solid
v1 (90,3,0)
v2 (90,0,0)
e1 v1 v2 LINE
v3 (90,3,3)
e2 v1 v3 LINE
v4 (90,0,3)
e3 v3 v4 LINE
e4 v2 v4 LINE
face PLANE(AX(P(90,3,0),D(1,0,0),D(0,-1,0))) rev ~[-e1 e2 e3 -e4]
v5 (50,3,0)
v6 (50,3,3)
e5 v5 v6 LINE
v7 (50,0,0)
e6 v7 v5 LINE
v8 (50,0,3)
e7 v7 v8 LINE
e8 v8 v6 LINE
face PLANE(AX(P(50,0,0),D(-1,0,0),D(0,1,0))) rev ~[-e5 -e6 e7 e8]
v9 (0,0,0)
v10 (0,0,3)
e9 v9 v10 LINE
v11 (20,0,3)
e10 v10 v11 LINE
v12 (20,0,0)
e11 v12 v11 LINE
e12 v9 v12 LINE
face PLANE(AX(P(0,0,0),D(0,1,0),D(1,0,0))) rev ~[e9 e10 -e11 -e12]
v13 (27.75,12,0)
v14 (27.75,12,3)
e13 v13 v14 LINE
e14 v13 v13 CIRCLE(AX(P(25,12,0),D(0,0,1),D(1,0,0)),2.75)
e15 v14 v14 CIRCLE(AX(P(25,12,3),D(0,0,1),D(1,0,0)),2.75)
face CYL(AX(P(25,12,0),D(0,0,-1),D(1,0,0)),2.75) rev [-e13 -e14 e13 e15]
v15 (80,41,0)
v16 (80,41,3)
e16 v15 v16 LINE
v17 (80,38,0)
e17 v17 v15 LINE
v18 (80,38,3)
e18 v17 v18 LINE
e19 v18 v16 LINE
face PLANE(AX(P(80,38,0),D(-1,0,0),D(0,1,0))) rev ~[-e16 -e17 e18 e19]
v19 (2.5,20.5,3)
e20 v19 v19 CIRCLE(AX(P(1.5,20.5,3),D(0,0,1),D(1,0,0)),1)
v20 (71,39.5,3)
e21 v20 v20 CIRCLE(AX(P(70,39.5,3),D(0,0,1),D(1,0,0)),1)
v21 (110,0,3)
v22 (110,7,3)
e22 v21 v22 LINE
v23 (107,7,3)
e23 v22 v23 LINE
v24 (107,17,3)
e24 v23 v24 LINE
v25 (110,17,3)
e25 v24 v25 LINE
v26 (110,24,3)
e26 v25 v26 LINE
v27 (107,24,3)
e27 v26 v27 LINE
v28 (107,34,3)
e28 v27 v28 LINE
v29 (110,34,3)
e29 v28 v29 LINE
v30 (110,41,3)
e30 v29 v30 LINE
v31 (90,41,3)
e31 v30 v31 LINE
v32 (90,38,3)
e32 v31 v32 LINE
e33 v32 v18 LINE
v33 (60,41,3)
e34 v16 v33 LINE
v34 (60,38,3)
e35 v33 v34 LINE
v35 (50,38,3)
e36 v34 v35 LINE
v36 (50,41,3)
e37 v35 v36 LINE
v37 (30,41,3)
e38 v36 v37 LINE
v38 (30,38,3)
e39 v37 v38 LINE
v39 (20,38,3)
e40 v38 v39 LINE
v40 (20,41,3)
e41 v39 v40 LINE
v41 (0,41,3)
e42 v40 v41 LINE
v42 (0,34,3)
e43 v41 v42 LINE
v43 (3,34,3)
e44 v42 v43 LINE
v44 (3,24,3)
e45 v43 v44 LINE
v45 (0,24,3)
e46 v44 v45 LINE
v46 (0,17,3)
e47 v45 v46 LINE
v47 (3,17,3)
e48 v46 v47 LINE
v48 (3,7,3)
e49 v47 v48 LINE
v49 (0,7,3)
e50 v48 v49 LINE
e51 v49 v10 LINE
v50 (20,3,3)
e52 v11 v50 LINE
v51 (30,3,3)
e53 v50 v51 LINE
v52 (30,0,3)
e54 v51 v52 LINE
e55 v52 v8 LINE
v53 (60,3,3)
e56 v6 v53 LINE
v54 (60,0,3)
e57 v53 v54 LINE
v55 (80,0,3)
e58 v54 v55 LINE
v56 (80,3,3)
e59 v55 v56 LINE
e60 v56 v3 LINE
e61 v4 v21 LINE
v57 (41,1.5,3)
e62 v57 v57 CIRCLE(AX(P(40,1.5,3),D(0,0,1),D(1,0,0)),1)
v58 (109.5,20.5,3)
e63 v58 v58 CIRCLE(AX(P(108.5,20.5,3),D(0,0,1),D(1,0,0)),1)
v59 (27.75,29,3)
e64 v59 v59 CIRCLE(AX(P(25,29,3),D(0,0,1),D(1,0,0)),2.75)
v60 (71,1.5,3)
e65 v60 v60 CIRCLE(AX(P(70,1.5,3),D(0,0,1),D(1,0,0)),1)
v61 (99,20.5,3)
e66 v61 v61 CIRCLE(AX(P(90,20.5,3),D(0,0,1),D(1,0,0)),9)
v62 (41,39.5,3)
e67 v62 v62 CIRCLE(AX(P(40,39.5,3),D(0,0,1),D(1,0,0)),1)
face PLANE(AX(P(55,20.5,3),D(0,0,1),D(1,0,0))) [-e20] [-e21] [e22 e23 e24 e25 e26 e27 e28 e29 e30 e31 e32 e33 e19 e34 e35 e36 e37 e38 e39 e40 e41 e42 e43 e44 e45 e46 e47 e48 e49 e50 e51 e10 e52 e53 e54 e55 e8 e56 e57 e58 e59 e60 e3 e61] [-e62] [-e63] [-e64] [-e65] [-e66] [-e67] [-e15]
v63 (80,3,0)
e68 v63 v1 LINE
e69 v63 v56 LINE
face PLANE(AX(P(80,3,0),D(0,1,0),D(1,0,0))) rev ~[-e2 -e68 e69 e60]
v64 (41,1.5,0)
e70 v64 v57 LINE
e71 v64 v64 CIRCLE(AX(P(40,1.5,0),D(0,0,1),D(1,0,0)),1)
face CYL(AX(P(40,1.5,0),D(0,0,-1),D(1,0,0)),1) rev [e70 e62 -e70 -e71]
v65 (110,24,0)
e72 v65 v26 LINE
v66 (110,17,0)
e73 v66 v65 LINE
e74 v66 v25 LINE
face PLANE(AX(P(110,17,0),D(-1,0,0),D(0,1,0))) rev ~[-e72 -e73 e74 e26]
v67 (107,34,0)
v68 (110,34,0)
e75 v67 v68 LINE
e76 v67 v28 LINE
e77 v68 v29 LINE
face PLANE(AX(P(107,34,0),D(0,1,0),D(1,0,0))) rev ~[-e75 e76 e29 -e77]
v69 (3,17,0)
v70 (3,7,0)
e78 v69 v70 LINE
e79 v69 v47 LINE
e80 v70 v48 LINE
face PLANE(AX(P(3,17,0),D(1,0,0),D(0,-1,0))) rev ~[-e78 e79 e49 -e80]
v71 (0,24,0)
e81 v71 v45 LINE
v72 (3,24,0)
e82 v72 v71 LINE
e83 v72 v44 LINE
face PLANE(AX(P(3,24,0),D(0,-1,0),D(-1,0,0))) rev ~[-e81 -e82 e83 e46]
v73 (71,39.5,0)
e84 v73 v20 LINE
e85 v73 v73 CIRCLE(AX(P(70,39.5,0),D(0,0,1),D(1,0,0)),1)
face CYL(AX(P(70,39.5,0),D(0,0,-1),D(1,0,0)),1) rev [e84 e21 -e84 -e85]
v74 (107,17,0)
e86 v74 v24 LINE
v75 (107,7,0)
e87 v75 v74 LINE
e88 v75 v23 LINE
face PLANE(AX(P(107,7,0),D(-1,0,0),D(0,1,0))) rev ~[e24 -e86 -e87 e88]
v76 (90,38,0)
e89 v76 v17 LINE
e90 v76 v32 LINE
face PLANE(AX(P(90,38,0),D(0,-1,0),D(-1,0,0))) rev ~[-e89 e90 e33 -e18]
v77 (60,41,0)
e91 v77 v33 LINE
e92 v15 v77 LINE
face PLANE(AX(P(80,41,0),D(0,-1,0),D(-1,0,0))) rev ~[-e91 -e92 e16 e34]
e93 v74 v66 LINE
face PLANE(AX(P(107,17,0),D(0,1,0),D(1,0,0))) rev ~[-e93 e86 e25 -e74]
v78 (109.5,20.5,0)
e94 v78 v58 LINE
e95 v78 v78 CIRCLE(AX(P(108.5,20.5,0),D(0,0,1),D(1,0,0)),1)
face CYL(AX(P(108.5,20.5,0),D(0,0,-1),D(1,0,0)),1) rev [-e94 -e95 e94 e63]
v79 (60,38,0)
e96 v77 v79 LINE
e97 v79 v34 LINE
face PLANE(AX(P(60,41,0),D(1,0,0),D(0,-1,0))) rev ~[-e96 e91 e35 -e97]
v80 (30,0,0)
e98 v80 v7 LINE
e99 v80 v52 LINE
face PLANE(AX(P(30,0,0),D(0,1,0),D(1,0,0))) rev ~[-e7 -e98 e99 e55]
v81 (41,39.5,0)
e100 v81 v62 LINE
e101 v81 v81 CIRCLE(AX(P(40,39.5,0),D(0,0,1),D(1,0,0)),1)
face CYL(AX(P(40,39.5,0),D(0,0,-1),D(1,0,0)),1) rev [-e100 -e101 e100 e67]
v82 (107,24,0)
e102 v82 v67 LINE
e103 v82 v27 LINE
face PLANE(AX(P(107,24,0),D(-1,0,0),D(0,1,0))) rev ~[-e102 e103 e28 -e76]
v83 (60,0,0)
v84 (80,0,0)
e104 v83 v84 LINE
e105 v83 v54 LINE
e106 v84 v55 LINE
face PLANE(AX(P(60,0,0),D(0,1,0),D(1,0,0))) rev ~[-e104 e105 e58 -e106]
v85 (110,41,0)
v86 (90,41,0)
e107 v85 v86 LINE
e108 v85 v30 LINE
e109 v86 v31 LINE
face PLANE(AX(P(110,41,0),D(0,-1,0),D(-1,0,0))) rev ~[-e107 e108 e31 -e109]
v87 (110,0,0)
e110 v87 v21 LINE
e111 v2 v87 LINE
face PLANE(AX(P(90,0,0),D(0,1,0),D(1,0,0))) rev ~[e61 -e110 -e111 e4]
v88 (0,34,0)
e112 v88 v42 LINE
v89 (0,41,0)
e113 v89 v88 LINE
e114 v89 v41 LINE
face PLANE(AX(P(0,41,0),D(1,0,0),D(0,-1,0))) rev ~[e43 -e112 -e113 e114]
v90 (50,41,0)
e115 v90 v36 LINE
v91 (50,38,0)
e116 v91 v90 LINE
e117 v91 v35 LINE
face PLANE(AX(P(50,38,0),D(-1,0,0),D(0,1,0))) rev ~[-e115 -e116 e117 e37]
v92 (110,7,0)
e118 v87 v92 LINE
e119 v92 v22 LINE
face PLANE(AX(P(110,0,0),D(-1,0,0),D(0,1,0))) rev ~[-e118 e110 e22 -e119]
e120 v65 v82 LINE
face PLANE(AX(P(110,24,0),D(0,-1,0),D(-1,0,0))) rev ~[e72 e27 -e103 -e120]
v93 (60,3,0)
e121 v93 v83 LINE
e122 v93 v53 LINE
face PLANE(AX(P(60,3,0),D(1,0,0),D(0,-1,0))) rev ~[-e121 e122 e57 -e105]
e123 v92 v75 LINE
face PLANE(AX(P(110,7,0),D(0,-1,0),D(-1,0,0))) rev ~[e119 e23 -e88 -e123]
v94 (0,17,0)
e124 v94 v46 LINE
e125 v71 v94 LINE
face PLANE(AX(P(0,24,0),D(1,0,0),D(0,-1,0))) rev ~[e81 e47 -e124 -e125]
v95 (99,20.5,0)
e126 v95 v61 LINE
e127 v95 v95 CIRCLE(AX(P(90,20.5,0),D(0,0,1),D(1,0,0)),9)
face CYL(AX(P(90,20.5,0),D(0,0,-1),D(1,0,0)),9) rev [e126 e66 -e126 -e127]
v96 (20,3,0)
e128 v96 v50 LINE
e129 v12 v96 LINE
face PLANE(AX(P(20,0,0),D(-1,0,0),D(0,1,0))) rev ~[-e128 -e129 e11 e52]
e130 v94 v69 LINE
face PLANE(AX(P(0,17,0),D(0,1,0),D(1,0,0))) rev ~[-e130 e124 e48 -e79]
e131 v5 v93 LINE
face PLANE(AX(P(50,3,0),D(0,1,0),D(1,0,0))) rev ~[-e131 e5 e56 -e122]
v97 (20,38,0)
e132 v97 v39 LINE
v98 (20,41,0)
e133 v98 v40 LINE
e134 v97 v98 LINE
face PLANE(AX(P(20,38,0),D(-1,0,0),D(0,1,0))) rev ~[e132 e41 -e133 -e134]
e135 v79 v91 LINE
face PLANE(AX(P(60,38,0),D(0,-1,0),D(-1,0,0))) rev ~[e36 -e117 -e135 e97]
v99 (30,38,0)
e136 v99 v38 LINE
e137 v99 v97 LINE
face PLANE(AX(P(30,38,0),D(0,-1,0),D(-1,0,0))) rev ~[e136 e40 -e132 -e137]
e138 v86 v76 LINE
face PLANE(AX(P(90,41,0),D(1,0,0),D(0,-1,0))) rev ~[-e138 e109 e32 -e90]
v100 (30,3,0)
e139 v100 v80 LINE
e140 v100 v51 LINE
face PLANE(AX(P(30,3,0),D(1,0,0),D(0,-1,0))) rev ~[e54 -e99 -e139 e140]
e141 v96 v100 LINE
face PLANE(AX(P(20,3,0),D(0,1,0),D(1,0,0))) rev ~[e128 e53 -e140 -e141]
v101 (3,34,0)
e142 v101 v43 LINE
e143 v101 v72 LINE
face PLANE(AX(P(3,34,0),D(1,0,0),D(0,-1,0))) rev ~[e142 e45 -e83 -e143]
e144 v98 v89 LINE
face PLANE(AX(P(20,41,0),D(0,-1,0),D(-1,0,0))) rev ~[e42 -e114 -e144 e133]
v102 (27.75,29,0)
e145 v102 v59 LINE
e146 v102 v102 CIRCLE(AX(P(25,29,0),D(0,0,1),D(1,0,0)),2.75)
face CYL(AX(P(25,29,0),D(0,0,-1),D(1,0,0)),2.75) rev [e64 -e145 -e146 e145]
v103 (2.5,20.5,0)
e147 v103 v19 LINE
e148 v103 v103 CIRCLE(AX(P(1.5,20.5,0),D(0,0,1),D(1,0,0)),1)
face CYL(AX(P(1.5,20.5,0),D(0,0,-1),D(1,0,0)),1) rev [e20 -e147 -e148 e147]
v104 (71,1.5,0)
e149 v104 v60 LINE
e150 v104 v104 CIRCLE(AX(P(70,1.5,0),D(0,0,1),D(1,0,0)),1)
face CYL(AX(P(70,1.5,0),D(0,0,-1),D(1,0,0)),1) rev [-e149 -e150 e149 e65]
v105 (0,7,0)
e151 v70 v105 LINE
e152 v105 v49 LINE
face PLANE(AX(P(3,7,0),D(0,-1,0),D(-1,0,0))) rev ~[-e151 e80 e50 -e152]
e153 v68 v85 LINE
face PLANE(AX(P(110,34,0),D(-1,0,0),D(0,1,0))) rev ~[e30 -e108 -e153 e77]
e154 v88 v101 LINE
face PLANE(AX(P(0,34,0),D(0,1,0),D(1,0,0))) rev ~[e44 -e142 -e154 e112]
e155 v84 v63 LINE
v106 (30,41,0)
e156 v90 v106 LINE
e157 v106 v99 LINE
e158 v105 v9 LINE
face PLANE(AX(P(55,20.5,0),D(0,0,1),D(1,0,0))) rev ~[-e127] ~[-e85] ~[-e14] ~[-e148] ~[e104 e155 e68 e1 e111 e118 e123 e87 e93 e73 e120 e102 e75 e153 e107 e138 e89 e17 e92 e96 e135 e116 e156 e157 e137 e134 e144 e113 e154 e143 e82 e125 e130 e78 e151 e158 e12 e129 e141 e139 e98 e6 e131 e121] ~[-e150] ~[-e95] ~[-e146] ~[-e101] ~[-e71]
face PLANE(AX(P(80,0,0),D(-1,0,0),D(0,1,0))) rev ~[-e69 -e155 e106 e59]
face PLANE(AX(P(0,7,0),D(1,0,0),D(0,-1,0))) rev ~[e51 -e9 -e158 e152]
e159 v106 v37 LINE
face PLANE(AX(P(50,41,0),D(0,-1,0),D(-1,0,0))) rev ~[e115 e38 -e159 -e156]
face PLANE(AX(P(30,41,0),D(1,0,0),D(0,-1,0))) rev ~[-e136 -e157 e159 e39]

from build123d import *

# Parameters (mm, degrees)
F0_R     = 1
F0_R_2   = 2.75
F0_R_3   = 9
F1_DEPTH = 3


with BuildPart() as f1:
    # F0 (on Top) → F1 (new body)
    with BuildSketch(Plane.XY):
        Polygon((0, 7), (0, 0), (20, 0), (20, 3), (30, 3), (30, 0), (50, 0), (50, 3), (55, 3), (60, 3), (60, 0), (80, 0), (80, 3), (90, 3), (90, 0), (110, 0), (110, 7), (107, 7), (107, 17), (110, 17), (110, 24), (107, 24), (107, 34), (110, 34), (110, 41), (90, 41), (90, 38), (80, 38), (80, 41), (60, 41), (60, 38), (55, 38), (50, 38), (50, 41), (30, 41), (30, 38), (20, 38), (20, 41), (0, 41), (0, 34), (3, 34), (3, 24), (0, 24), (0, 17), (3, 17), (3, 7), align=None)
        with Locations((40, 1.5)):
            Circle(F0_R, mode=Mode.SUBTRACT)
        with Locations((25, 12)):
            Circle(F0_R_2, mode=Mode.SUBTRACT)
        with Locations((70, 1.5)):
            Circle(F0_R, mode=Mode.SUBTRACT)
        with Locations((1.5, 20.5)):
            Circle(F0_R, mode=Mode.SUBTRACT)
        with Locations((25, 29)):
            Circle(F0_R_2, mode=Mode.SUBTRACT)
        with Locations((40, 39.5)):
            Circle(F0_R, mode=Mode.SUBTRACT)
        with Locations((90, 20.5)):
            Circle(F0_R_3, mode=Mode.SUBTRACT)
        with Locations((108.5, 20.5)):
            Circle(F0_R, mode=Mode.SUBTRACT)
        with Locations((70, 39.5)):
            Circle(F0_R, mode=Mode.SUBTRACT)
    extrude(amount=F1_DEPTH)


solid = f1.part
